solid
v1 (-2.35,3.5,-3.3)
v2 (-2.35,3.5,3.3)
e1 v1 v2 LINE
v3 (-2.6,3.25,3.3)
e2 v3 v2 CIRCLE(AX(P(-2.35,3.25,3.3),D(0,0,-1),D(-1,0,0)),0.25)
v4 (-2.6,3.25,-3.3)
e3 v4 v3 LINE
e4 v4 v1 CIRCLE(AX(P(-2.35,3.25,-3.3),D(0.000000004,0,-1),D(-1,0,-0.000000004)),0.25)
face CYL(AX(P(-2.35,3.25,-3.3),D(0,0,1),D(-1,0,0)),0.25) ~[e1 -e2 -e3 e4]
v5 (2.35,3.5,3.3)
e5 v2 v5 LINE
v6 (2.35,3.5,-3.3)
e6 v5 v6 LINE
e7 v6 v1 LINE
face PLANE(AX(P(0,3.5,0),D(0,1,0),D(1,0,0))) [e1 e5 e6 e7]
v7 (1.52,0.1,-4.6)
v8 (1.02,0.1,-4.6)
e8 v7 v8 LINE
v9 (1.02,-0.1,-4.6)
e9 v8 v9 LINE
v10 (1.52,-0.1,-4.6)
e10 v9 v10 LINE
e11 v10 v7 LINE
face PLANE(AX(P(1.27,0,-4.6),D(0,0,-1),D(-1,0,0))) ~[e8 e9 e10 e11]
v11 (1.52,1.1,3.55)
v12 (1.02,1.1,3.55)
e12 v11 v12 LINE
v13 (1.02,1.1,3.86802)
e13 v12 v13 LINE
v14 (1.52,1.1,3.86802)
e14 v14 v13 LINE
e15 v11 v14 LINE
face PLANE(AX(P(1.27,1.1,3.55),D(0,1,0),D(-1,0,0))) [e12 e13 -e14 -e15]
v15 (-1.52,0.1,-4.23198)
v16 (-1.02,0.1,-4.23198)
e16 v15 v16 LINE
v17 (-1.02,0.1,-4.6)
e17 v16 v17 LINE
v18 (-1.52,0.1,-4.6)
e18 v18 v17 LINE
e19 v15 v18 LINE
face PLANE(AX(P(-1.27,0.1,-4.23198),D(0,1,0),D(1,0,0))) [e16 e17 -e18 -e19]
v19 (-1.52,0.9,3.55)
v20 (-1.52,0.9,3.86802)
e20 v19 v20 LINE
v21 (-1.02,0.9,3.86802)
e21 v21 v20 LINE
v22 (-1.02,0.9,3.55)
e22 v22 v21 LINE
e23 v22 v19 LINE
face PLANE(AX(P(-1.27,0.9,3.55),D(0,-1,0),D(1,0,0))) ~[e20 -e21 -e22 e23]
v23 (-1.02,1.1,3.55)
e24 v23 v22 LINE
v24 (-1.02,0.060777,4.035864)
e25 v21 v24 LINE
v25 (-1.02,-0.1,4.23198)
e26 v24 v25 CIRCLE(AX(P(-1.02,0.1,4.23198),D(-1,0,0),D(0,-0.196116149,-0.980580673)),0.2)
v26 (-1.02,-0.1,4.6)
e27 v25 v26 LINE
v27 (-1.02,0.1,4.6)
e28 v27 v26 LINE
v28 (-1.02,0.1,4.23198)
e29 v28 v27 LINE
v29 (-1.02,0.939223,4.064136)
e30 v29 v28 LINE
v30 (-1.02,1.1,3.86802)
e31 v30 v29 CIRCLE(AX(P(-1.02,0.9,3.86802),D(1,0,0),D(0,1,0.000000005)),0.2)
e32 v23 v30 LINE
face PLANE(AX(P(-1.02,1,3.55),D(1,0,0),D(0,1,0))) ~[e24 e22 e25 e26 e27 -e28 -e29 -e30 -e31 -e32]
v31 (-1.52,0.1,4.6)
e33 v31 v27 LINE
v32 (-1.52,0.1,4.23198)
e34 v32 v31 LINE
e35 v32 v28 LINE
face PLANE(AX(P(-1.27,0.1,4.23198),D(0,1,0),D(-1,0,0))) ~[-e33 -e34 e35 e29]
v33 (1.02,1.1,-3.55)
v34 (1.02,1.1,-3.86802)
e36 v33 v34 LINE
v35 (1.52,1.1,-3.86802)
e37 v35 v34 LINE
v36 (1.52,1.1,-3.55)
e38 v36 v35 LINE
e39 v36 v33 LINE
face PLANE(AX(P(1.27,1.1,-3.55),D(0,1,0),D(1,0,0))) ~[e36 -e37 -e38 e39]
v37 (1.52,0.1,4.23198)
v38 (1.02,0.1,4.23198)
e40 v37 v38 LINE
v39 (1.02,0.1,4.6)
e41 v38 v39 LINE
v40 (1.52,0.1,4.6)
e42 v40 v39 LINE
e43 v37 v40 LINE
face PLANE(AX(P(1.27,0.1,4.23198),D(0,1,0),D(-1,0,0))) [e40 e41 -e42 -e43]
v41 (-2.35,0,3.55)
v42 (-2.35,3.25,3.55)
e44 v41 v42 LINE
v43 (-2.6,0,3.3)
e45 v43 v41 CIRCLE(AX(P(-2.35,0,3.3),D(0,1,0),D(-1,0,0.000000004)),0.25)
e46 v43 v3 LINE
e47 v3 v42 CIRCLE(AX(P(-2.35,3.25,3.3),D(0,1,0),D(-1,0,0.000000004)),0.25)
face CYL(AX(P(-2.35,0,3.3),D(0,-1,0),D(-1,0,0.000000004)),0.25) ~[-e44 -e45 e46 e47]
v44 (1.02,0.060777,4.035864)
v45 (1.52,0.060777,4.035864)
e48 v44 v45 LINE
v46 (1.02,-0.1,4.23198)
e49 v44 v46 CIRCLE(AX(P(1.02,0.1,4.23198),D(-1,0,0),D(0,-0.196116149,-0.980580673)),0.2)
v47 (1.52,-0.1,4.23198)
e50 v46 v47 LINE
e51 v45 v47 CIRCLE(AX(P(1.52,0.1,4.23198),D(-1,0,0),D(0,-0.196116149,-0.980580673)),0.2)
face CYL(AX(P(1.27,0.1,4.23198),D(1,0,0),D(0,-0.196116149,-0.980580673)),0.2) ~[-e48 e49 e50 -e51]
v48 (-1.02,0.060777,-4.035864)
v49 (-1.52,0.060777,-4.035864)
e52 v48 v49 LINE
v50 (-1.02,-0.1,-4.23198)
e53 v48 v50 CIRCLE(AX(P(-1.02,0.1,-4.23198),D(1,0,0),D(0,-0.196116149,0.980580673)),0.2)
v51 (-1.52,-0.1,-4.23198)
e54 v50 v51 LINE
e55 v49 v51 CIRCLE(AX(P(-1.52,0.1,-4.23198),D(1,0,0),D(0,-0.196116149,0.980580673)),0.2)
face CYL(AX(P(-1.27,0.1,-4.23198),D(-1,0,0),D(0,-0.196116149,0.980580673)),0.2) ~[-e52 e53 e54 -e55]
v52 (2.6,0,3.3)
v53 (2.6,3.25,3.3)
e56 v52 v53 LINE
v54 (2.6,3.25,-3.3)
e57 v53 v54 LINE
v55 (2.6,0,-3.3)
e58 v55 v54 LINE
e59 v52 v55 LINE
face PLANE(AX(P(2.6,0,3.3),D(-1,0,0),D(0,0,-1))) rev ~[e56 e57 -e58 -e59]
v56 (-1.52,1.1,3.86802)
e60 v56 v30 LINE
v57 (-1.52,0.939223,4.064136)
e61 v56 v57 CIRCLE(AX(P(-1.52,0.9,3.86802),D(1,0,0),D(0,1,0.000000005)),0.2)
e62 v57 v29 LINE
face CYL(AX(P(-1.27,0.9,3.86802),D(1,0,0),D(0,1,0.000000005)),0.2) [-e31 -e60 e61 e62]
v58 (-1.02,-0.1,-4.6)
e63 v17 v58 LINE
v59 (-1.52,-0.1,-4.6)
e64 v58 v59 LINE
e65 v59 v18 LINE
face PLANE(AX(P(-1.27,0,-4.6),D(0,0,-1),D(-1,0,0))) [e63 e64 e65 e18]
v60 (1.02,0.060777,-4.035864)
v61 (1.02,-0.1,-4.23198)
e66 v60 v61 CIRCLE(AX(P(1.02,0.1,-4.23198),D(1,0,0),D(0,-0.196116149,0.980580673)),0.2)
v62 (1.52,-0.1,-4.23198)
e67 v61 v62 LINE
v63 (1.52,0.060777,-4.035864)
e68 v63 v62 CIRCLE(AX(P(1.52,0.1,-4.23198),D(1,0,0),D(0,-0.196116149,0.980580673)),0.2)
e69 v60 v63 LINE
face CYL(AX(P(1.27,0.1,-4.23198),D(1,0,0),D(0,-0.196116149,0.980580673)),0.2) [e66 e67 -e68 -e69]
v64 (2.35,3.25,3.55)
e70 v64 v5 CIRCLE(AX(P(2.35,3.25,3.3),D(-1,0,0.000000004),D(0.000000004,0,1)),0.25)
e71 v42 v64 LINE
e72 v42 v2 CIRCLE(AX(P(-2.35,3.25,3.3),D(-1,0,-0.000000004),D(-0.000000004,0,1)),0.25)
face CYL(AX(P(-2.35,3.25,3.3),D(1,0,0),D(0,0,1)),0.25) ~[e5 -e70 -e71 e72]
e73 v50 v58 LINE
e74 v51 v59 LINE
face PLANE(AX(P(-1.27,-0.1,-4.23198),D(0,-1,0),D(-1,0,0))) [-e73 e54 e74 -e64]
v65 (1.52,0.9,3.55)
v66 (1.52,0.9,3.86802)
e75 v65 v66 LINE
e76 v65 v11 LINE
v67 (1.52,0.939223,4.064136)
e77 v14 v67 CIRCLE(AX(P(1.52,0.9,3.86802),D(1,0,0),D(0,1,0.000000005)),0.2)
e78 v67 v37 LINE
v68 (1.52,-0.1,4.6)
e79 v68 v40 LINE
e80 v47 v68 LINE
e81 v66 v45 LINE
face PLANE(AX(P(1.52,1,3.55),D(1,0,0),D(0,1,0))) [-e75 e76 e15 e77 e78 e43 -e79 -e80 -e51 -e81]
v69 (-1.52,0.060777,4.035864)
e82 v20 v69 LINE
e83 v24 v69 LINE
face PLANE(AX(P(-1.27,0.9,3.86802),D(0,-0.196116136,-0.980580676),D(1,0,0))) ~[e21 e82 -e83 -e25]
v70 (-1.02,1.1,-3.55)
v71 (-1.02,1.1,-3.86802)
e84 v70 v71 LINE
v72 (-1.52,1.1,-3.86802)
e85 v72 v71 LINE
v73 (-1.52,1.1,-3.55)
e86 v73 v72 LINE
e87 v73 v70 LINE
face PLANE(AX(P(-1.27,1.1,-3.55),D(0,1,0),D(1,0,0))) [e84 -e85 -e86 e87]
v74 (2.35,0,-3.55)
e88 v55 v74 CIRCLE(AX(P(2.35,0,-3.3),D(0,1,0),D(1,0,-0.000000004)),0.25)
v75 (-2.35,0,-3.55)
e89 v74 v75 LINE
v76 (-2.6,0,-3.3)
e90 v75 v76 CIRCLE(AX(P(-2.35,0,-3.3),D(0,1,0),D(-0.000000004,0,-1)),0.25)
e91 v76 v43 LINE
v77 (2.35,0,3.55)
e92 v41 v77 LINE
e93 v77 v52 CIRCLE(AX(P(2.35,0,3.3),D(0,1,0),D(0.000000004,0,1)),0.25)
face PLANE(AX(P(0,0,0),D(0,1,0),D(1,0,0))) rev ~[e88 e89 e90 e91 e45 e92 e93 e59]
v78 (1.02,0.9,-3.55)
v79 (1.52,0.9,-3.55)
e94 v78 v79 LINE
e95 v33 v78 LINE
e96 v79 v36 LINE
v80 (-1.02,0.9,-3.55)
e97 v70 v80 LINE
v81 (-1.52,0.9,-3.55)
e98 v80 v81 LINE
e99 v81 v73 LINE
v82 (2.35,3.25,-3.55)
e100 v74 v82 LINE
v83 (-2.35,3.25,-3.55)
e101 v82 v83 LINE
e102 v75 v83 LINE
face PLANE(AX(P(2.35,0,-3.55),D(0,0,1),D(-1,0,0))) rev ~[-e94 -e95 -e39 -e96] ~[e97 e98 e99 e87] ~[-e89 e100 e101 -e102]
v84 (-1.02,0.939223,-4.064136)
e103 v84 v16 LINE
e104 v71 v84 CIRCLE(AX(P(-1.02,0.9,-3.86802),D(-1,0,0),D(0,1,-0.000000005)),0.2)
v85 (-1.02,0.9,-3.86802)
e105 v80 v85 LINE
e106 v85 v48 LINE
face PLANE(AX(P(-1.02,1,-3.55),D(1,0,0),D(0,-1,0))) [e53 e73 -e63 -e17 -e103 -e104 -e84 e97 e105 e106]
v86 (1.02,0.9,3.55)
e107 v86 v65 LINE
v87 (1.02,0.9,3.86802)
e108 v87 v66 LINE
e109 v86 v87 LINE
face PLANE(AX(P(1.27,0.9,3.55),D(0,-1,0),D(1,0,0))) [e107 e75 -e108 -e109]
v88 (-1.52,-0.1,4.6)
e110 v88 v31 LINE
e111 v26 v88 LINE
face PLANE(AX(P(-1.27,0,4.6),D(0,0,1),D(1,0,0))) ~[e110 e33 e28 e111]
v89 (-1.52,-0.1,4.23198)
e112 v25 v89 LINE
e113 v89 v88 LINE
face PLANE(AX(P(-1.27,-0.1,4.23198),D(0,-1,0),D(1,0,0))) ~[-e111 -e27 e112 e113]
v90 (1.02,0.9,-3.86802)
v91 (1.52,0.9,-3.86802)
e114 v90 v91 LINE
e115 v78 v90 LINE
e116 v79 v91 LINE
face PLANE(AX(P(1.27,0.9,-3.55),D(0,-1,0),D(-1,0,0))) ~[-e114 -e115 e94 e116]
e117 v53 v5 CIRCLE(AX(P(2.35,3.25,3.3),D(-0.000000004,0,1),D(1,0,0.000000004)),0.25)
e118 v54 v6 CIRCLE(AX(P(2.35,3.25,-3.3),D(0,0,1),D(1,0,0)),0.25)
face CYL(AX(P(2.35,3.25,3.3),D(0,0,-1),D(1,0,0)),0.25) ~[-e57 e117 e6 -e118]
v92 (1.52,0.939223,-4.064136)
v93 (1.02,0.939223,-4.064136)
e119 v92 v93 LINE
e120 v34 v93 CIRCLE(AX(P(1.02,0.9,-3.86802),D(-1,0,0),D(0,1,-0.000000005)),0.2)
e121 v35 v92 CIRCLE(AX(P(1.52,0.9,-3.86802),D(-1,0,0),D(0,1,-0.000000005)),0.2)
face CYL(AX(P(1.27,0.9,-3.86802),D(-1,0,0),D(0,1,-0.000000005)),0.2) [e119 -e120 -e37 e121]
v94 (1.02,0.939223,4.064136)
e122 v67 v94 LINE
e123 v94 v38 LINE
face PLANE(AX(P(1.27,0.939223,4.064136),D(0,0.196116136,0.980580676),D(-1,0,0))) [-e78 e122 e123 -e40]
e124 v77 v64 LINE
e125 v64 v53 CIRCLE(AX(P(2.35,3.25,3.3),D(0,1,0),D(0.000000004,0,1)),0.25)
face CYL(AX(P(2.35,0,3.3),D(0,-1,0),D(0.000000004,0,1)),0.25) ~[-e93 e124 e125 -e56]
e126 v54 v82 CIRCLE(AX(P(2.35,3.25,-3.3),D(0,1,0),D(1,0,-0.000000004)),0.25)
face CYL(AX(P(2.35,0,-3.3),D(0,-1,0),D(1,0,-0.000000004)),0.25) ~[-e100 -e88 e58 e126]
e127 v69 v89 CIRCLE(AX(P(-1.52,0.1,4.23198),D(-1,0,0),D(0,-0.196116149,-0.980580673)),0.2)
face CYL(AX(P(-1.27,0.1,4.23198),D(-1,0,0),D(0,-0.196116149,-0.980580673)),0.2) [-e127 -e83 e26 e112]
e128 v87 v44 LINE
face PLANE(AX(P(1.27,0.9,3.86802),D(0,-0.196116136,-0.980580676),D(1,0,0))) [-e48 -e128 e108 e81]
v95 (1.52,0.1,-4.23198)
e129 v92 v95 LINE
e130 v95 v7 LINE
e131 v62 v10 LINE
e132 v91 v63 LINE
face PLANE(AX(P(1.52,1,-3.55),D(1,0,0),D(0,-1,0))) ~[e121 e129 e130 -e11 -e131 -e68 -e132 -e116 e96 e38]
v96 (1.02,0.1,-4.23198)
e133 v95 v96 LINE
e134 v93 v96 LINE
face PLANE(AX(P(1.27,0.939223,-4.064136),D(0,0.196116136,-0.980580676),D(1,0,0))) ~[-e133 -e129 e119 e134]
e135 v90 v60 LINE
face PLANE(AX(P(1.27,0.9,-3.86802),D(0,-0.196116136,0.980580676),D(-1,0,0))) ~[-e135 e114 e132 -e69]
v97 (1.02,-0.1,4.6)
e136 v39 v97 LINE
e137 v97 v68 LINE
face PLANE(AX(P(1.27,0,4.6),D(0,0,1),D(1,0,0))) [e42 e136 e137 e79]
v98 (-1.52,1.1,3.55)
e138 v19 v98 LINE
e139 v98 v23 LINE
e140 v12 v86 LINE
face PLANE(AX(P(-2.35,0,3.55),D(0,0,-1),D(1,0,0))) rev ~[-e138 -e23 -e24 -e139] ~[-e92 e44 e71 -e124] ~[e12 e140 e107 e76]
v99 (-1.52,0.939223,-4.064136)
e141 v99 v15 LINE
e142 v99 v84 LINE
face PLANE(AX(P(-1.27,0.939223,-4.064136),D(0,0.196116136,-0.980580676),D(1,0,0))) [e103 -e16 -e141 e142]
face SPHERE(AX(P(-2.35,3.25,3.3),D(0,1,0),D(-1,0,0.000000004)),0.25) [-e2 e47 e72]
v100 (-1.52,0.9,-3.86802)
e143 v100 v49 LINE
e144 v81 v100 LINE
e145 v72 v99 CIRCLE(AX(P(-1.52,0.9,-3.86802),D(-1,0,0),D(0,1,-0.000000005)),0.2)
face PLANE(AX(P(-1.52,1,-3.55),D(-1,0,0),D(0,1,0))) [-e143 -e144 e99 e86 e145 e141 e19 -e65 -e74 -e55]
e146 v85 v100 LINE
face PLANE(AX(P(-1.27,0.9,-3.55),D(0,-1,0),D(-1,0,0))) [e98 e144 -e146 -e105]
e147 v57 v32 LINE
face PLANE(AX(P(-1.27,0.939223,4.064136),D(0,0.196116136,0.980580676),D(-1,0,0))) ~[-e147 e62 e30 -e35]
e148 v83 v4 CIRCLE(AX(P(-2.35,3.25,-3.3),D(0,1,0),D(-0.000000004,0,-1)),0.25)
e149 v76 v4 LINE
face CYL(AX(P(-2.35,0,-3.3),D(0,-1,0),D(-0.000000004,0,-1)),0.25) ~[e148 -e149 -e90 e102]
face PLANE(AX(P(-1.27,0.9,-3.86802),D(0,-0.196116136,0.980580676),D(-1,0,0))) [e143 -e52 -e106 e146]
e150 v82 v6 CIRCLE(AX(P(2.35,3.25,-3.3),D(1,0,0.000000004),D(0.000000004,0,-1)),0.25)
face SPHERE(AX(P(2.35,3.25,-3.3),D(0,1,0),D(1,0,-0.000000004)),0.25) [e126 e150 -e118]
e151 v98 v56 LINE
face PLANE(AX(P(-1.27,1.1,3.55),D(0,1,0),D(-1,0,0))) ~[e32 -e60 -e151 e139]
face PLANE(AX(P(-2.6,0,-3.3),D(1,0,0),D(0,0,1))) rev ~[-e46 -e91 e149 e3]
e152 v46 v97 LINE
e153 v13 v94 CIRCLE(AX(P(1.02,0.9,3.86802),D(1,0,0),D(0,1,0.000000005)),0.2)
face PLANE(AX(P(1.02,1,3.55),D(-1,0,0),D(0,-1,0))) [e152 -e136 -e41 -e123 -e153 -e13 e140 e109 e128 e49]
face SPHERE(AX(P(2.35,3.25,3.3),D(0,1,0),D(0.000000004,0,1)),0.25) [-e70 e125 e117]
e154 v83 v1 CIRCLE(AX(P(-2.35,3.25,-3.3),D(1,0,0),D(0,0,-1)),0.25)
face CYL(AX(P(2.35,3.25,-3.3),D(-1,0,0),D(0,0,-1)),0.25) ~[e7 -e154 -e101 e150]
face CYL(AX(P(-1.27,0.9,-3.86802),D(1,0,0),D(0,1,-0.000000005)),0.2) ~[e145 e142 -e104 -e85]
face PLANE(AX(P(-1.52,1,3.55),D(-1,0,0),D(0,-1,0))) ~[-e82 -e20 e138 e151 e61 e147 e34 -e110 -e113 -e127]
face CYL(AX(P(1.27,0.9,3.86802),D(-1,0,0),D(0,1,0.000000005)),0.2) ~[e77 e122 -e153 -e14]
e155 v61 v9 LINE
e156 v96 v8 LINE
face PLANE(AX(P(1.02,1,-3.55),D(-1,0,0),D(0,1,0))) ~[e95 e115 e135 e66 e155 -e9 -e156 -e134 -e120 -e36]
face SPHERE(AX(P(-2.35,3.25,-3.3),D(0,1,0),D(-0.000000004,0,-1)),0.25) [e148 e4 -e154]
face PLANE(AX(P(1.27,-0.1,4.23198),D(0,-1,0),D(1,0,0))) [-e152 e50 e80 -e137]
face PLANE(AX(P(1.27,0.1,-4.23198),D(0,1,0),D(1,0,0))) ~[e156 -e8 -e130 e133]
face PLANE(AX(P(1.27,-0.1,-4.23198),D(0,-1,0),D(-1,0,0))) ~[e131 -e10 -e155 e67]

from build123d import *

# Parameters (mm, degrees)
EXTRUDE_1_DEPTH          = 3.5
FILLET_1_R               = 0.25
SKETCH_4_W               = 0.5
SKETCH_4_H               = 0.2
MIRROR_2_COPY_1_SKETCH_W = 0.5
MIRROR_2_COPY_1_SKETCH_H = 0.2


with BuildPart() as part:
    # Эскиз1 → Бобышка-Вытянуть1 (new body)
    with BuildSketch(Plane(origin=(0, 0, 0), x_dir=(1, 0, 0), z_dir=(0, 1, 0))):
        with BuildLine():
            Line((-2.35, -3.55), (2.35, -3.55))
            ThreePointArc((2.35, -3.55), (2.526776695, -3.476776695), (2.6, -3.3))
            Line((2.6, -3.3), (2.6, 3.3))
            ThreePointArc((2.6, 3.3), (2.526776695, 3.476776695), (2.35, 3.55))
            Line((2.35, 3.55), (-2.35, 3.55))
            ThreePointArc((-2.35, 3.55), (-2.526776695, 3.476776695), (-2.6, 3.3))
            Line((-2.6, 3.3), (-2.6, -3.3))
            ThreePointArc((-2.6, -3.3), (-2.526776695, -3.476776695), (-2.35, -3.55))
        make_face()
    extrude(amount=EXTRUDE_1_DEPTH)

    # Скругление1
    fillet_1_edges = [part.edges().sort_by_distance(p)[0] for p in [
        (2.526776695, 3.5, 3.476776695),
        (2.6, 3.5, 0),
        (2.526776695, 3.5, -3.476776695),
        (0, 3.5, -3.55),
        (-2.526776695, 3.5, -3.476776695),
        (-2.6, 3.5, 0),
        (-2.526776695, 3.5, 3.476776695),
        (0, 3.5, 3.55),
    ]]
    fillet(fillet_1_edges, radius=FILLET_1_R)

    # По траектории3: sweep along a path in Эскиз3
    with BuildLine(Plane(origin=(1.27, 0, 0), x_dir=(0, 0, -1), z_dir=(1, 0, 0))) as sweep_3_path:
        Line((-3.55, 1), (-3.86801961, 1))
        ThreePointArc((-3.86801961, 1), (-3.9314185, 0.977334214), (-3.966077677, 0.919611614))
        Line((-3.966077677, 0.919611614), (-4.133922323, 0.080388386))
        ThreePointArc((-4.133922323, 0.080388386), (-4.1685815, 0.022665786), (-4.23198039, 0))
        Line((-4.23198039, 0), (-4.6, 0))
    # Эскиз4 → По траектории3 (sweep)
    with BuildSketch(Plane.XY.offset(3.55)):
        with Locations((1.27, 1)):
            Rectangle(SKETCH_4_W, SKETCH_4_H)
    sweep_3 = sweep(path=sweep_3_path.line)

    # Зеркальное отражение1: По траектории3 across plane
    add(sweep_3.mirror(Plane.XY))

    # Зеркальное отражение2: По траектории3 across plane
    add(sweep_3.mirror(Plane(origin=(0, 0, 0), x_dir=(0, 0, 1), z_dir=(1, 0, 0))))

    # Зеркальное отражение2 copy 1: sweep along a path in Зеркальное отражение2 copy 1 path
    with BuildLine(Plane.ZY.offset(1.27)) as mirror_2_copy_1_path:
        Line((-3.55, 1), (-3.86801961, 1))
        ThreePointArc((-3.86801961, 1), (-3.9314185, 0.977334214), (-3.966077677, 0.919611614))
        Line((-3.966077677, 0.919611614), (-4.133922323, 0.080388386))
        ThreePointArc((-4.133922323, 0.080388386), (-4.1685815, 0.022665786), (-4.23198039, 0))
        Line((-4.23198039, 0), (-4.6, 0))
    # Зеркальное отражение2 copy 1 sketch → Зеркальное отражение2 copy 1 (sweep)
    with BuildSketch(Plane(origin=(0, 0, -3.55), x_dir=(-1, 0, 0), z_dir=(0, 0, -1))):
        with Locations((1.27, 1)):
            Rectangle(MIRROR_2_COPY_1_SKETCH_W, MIRROR_2_COPY_1_SKETCH_H)
    sweep(path=mirror_2_copy_1_path.line)


solid = part.part
